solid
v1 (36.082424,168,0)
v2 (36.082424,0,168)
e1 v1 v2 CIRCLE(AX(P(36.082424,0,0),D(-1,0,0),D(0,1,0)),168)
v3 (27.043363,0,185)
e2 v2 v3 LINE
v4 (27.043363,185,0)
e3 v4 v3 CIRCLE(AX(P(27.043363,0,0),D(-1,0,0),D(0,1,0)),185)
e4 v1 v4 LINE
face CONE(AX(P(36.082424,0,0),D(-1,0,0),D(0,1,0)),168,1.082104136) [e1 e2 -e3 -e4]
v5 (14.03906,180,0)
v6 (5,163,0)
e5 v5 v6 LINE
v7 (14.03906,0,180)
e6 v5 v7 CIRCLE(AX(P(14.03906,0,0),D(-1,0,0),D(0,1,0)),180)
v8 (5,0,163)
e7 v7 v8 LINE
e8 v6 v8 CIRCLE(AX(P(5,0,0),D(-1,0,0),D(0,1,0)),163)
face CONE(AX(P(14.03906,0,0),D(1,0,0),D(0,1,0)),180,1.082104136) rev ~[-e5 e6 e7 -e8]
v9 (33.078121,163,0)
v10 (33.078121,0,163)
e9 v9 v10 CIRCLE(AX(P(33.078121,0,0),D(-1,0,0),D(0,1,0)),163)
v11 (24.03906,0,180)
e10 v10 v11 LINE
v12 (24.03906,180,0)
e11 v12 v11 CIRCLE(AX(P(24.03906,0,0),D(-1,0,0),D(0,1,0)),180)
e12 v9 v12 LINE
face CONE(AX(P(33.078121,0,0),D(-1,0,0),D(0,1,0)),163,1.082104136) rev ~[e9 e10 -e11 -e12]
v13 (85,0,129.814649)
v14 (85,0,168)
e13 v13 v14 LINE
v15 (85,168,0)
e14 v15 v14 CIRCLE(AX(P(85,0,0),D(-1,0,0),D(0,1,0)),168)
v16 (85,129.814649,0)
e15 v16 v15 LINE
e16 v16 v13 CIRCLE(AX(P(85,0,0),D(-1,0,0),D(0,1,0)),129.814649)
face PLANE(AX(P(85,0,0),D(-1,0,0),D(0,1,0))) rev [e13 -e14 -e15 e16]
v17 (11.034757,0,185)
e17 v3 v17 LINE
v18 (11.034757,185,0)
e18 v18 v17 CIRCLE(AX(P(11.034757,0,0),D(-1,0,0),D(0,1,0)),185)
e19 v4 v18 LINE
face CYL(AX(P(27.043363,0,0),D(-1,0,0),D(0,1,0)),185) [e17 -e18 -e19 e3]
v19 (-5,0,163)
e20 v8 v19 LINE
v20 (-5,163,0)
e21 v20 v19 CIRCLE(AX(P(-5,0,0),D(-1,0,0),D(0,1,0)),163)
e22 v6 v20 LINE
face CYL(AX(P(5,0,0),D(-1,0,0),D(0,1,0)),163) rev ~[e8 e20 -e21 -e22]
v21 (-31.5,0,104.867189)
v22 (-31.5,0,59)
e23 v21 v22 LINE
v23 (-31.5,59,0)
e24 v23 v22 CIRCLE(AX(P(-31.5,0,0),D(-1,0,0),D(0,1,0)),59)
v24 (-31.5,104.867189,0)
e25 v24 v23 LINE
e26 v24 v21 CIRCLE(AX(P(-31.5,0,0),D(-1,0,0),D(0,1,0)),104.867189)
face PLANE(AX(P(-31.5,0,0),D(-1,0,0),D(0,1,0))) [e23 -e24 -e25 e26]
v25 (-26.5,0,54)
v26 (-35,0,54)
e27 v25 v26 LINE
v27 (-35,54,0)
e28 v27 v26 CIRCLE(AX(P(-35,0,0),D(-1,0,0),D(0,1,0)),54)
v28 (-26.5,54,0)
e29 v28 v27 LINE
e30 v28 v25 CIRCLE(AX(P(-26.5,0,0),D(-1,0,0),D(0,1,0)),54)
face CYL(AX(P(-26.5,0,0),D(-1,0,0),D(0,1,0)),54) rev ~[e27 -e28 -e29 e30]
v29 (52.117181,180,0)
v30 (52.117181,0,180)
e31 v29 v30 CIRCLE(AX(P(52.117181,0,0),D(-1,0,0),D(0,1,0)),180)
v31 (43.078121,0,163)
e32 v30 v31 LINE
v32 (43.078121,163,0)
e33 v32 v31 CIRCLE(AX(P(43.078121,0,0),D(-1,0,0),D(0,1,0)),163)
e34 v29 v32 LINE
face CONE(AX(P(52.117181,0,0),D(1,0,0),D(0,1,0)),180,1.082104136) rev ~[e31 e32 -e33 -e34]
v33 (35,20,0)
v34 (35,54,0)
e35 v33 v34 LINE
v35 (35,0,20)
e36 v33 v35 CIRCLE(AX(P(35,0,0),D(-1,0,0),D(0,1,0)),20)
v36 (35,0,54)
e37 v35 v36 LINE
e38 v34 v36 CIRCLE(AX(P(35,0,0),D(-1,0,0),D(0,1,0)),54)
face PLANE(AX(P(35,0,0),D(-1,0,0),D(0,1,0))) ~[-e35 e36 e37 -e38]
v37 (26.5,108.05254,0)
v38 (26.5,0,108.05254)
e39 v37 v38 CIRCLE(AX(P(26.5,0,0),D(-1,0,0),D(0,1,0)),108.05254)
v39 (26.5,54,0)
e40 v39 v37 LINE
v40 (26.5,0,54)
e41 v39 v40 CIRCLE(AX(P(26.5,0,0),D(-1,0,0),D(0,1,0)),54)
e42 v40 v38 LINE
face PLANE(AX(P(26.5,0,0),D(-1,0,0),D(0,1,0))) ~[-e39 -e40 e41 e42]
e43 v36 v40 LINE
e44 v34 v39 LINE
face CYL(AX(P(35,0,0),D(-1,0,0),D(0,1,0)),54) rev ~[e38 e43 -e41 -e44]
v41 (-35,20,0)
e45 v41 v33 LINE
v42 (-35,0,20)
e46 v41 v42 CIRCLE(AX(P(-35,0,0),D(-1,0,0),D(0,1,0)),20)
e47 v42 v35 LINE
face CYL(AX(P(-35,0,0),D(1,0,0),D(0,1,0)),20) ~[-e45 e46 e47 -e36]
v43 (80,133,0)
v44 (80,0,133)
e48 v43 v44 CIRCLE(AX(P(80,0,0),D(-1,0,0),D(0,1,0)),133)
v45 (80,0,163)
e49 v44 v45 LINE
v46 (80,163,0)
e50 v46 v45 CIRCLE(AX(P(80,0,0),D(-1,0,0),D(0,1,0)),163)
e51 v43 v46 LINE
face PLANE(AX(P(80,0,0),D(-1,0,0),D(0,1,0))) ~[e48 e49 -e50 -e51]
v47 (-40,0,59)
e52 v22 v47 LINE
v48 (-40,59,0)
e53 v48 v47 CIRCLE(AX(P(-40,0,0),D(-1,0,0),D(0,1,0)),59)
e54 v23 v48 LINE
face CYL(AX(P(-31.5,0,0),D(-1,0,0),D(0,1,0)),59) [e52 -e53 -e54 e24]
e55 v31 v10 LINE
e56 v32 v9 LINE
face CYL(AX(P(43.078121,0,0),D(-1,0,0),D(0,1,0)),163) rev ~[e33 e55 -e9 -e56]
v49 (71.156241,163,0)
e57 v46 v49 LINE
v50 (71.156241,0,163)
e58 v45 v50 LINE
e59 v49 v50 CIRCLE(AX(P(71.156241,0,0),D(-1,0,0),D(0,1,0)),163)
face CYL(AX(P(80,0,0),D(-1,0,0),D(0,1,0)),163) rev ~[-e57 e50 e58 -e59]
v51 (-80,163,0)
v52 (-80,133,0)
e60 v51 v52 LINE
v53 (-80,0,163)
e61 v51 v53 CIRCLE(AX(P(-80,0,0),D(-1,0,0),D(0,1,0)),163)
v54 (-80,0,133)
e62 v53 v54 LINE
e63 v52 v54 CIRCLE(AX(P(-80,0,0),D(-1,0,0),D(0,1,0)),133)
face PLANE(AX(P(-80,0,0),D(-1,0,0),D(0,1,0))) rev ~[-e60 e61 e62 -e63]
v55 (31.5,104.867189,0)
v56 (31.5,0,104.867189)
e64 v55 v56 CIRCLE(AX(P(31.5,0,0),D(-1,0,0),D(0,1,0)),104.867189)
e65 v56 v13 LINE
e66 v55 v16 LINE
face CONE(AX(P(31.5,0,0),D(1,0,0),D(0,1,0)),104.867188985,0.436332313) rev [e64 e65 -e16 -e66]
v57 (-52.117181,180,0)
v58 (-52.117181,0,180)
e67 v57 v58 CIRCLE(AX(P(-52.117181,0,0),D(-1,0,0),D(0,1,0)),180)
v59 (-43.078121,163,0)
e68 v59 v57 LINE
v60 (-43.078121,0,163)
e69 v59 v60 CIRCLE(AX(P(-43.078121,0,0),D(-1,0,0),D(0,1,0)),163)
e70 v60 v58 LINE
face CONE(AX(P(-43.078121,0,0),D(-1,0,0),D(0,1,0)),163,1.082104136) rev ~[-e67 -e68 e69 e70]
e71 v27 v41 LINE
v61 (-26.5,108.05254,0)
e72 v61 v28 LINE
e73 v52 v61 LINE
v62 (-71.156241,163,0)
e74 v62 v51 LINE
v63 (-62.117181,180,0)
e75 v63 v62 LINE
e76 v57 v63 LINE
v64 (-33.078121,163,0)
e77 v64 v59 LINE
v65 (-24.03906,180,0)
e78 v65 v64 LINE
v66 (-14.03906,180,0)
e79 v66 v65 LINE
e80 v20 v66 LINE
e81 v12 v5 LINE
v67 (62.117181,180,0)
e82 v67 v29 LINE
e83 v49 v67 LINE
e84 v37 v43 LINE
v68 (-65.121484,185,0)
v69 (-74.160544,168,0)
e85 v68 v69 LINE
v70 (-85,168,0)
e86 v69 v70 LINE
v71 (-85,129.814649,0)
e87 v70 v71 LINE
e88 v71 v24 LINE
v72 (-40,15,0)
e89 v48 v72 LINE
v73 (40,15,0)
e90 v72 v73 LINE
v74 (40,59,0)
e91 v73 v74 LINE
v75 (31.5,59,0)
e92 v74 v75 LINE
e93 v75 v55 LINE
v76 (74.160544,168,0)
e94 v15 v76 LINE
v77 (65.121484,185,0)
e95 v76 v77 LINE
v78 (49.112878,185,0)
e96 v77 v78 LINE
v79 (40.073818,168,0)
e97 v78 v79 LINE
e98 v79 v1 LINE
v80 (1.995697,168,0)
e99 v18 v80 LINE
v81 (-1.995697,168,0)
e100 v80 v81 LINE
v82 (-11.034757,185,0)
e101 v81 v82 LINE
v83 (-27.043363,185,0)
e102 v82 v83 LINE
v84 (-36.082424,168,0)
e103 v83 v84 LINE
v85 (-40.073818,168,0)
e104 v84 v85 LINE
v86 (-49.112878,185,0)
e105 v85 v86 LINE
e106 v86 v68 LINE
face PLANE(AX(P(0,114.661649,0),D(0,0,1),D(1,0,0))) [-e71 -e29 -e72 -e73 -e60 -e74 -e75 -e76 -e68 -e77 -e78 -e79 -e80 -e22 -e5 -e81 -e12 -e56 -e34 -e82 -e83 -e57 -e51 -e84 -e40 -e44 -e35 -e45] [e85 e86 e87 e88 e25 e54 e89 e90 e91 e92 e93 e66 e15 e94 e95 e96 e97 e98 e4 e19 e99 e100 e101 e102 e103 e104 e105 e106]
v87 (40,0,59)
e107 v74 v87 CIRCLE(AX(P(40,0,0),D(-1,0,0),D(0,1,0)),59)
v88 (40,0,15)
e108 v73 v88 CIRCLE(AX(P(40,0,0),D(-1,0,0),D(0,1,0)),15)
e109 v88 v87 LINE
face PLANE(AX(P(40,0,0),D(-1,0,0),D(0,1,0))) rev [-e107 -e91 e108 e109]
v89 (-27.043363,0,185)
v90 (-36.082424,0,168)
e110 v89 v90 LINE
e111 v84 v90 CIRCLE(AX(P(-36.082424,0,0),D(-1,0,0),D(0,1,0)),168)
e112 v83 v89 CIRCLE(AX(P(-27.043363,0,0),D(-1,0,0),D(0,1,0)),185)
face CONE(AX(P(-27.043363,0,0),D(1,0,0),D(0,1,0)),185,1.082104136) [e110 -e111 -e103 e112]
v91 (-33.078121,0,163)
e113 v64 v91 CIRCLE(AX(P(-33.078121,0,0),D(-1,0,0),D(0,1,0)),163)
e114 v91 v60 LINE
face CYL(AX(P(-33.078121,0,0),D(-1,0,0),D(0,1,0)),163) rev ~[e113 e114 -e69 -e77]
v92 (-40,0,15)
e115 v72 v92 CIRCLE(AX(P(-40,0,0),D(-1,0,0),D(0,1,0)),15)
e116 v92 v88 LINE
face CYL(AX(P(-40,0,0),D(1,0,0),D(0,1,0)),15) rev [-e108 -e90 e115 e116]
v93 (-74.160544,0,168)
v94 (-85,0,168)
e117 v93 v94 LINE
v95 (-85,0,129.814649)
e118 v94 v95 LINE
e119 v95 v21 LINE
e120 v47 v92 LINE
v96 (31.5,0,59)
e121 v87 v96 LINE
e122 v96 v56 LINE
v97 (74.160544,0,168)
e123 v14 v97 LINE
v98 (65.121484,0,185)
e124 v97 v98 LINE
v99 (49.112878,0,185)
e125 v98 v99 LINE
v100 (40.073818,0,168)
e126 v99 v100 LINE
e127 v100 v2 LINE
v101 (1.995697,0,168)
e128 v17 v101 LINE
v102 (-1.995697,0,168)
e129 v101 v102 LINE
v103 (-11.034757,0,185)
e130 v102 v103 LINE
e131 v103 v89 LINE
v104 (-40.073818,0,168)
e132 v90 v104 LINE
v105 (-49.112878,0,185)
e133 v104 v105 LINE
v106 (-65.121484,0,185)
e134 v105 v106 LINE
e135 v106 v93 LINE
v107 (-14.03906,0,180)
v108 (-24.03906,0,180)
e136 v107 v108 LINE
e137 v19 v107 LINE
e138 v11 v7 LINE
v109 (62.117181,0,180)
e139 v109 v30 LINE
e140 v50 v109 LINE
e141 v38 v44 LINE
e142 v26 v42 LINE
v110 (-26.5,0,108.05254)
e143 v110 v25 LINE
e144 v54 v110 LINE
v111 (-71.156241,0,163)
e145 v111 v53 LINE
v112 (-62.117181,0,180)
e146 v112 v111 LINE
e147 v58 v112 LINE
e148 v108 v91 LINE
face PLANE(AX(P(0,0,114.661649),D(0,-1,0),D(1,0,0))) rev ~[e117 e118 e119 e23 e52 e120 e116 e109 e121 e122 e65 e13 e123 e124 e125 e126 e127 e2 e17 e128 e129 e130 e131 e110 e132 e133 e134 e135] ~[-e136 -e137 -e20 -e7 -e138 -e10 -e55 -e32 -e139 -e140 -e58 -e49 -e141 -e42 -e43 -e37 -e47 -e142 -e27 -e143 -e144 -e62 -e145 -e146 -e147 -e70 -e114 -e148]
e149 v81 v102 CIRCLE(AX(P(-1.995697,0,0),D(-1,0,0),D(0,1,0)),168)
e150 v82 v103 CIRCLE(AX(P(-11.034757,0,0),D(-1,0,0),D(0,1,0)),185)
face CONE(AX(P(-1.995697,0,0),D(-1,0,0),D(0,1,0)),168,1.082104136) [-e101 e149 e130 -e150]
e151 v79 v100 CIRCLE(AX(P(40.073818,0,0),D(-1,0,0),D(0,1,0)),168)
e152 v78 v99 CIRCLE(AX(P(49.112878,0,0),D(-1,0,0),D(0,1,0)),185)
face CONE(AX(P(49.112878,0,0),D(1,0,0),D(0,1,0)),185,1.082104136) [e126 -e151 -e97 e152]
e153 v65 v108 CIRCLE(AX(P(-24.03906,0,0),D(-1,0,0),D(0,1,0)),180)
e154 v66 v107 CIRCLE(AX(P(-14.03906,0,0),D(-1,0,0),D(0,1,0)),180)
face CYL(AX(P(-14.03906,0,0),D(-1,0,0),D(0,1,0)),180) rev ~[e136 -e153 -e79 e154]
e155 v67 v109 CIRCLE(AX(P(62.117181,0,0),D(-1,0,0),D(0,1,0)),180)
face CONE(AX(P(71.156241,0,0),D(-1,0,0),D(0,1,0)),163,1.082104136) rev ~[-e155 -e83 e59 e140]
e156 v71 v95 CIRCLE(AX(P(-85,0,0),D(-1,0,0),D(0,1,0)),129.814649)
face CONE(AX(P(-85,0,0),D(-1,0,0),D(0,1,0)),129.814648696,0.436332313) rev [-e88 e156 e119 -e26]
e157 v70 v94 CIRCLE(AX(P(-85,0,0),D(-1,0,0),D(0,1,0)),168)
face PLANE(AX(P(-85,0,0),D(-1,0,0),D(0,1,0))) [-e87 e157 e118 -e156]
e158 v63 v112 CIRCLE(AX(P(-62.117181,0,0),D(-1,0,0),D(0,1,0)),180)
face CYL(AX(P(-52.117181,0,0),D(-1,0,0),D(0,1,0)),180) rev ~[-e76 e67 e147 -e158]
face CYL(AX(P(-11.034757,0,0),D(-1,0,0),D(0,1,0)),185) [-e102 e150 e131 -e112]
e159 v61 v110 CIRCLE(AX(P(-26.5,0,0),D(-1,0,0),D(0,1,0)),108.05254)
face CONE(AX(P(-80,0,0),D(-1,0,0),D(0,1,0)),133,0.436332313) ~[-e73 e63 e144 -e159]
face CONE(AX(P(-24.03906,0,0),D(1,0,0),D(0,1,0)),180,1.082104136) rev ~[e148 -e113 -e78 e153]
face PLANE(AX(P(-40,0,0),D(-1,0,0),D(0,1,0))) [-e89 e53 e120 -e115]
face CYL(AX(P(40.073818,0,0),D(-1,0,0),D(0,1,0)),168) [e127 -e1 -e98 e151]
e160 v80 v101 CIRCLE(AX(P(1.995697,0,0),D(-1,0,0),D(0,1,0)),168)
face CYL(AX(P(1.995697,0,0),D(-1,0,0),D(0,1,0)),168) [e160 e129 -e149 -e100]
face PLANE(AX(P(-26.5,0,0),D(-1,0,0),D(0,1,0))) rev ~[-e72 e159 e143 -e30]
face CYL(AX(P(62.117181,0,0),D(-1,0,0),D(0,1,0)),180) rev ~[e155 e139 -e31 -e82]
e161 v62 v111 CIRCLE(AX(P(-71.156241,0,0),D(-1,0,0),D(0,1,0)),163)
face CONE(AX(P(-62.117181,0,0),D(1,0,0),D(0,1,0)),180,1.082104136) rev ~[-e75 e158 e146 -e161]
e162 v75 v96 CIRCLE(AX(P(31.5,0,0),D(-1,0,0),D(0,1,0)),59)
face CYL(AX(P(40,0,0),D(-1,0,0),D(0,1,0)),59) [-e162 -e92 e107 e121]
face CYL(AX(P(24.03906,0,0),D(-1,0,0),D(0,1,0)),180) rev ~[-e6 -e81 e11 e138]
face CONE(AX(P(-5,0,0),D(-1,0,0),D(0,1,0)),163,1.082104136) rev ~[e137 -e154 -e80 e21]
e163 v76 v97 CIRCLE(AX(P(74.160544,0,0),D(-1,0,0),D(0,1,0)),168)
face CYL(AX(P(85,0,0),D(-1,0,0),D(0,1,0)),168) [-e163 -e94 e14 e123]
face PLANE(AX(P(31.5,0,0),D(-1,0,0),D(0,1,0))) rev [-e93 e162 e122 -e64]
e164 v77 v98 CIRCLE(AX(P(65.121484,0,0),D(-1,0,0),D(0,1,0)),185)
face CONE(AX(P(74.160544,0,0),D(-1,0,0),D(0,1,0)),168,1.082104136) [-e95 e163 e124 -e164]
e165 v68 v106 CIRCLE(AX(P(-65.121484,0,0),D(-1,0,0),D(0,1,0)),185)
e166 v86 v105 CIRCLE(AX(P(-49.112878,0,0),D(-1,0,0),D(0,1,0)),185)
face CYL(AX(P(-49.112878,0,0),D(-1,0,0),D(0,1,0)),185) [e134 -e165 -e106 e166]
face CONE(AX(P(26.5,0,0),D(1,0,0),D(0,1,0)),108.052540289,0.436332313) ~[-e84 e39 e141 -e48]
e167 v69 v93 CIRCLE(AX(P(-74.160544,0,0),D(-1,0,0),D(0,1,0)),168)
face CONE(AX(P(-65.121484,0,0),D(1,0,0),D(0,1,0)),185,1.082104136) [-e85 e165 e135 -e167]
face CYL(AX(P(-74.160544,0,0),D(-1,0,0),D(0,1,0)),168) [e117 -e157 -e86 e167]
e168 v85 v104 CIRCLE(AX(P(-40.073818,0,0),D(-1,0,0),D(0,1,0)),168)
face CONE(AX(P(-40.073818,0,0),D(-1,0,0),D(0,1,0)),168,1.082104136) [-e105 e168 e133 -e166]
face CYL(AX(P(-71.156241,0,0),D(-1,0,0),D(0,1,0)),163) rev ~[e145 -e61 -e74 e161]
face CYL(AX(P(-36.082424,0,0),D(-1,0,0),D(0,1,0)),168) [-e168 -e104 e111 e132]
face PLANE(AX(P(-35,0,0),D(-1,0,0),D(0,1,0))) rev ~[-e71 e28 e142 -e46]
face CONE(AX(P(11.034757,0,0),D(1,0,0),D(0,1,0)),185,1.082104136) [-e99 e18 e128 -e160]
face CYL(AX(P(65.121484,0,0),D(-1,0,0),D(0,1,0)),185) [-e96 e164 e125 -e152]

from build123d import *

# Parameters (mm, degrees)
REVOLVE_THIN1_ANGLE = 270


with BuildPart() as part:
    # Sketch2 → Revolve-Thin1 (revolve)
    with BuildSketch(Plane.XY):
        Polygon((-40, 15), (40, 15), (40, 59), (31.5, 59), (31.5, 104.867188985), (85, 129.814648696), (85, 168), (74.160544448, 168), (65.12148411, 185), (49.11287792, 185), (40.073817581, 168), (36.082423772, 168), (27.043363433, 185), (11.034757243, 185), (1.995696905, 168), (-1.995696905, 168), (-11.034757243, 185), (-27.043363433, 185), (-36.082423772, 168), (-40.073817581, 168), (-49.11287792, 185), (-65.12148411, 185), (-74.160544448, 168), (-85, 168), (-85, 129.814648696), (-31.5, 104.867188985), (-31.5, 59), (-40, 59), align=None)
        Polygon((-35, 20), (35, 20), (35, 54), (26.5, 54), (26.5, 108.052540289), (80, 133), (80, 163), (71.156241353, 163), (62.117181015, 180), (52.117181015, 180), (43.078120676, 163), (33.078120676, 163), (24.039060338, 180), (14.039060338, 180), (5, 163), (-5, 163), (-14.039060338, 180), (-24.039060338, 180), (-33.078120676, 163), (-43.078120676, 163), (-52.117181015, 180), (-62.117181015, 180), (-71.156241353, 163), (-80, 163), (-80, 133), (-26.5, 108.052540289), (-26.5, 54), (-35, 54), align=None, mode=Mode.SUBTRACT)
    revolve(axis=Axis((-156.924897256, 0, 0), (-1, 0, 0)), revolution_arc=REVOLVE_THIN1_ANGLE)


solid = part.part
